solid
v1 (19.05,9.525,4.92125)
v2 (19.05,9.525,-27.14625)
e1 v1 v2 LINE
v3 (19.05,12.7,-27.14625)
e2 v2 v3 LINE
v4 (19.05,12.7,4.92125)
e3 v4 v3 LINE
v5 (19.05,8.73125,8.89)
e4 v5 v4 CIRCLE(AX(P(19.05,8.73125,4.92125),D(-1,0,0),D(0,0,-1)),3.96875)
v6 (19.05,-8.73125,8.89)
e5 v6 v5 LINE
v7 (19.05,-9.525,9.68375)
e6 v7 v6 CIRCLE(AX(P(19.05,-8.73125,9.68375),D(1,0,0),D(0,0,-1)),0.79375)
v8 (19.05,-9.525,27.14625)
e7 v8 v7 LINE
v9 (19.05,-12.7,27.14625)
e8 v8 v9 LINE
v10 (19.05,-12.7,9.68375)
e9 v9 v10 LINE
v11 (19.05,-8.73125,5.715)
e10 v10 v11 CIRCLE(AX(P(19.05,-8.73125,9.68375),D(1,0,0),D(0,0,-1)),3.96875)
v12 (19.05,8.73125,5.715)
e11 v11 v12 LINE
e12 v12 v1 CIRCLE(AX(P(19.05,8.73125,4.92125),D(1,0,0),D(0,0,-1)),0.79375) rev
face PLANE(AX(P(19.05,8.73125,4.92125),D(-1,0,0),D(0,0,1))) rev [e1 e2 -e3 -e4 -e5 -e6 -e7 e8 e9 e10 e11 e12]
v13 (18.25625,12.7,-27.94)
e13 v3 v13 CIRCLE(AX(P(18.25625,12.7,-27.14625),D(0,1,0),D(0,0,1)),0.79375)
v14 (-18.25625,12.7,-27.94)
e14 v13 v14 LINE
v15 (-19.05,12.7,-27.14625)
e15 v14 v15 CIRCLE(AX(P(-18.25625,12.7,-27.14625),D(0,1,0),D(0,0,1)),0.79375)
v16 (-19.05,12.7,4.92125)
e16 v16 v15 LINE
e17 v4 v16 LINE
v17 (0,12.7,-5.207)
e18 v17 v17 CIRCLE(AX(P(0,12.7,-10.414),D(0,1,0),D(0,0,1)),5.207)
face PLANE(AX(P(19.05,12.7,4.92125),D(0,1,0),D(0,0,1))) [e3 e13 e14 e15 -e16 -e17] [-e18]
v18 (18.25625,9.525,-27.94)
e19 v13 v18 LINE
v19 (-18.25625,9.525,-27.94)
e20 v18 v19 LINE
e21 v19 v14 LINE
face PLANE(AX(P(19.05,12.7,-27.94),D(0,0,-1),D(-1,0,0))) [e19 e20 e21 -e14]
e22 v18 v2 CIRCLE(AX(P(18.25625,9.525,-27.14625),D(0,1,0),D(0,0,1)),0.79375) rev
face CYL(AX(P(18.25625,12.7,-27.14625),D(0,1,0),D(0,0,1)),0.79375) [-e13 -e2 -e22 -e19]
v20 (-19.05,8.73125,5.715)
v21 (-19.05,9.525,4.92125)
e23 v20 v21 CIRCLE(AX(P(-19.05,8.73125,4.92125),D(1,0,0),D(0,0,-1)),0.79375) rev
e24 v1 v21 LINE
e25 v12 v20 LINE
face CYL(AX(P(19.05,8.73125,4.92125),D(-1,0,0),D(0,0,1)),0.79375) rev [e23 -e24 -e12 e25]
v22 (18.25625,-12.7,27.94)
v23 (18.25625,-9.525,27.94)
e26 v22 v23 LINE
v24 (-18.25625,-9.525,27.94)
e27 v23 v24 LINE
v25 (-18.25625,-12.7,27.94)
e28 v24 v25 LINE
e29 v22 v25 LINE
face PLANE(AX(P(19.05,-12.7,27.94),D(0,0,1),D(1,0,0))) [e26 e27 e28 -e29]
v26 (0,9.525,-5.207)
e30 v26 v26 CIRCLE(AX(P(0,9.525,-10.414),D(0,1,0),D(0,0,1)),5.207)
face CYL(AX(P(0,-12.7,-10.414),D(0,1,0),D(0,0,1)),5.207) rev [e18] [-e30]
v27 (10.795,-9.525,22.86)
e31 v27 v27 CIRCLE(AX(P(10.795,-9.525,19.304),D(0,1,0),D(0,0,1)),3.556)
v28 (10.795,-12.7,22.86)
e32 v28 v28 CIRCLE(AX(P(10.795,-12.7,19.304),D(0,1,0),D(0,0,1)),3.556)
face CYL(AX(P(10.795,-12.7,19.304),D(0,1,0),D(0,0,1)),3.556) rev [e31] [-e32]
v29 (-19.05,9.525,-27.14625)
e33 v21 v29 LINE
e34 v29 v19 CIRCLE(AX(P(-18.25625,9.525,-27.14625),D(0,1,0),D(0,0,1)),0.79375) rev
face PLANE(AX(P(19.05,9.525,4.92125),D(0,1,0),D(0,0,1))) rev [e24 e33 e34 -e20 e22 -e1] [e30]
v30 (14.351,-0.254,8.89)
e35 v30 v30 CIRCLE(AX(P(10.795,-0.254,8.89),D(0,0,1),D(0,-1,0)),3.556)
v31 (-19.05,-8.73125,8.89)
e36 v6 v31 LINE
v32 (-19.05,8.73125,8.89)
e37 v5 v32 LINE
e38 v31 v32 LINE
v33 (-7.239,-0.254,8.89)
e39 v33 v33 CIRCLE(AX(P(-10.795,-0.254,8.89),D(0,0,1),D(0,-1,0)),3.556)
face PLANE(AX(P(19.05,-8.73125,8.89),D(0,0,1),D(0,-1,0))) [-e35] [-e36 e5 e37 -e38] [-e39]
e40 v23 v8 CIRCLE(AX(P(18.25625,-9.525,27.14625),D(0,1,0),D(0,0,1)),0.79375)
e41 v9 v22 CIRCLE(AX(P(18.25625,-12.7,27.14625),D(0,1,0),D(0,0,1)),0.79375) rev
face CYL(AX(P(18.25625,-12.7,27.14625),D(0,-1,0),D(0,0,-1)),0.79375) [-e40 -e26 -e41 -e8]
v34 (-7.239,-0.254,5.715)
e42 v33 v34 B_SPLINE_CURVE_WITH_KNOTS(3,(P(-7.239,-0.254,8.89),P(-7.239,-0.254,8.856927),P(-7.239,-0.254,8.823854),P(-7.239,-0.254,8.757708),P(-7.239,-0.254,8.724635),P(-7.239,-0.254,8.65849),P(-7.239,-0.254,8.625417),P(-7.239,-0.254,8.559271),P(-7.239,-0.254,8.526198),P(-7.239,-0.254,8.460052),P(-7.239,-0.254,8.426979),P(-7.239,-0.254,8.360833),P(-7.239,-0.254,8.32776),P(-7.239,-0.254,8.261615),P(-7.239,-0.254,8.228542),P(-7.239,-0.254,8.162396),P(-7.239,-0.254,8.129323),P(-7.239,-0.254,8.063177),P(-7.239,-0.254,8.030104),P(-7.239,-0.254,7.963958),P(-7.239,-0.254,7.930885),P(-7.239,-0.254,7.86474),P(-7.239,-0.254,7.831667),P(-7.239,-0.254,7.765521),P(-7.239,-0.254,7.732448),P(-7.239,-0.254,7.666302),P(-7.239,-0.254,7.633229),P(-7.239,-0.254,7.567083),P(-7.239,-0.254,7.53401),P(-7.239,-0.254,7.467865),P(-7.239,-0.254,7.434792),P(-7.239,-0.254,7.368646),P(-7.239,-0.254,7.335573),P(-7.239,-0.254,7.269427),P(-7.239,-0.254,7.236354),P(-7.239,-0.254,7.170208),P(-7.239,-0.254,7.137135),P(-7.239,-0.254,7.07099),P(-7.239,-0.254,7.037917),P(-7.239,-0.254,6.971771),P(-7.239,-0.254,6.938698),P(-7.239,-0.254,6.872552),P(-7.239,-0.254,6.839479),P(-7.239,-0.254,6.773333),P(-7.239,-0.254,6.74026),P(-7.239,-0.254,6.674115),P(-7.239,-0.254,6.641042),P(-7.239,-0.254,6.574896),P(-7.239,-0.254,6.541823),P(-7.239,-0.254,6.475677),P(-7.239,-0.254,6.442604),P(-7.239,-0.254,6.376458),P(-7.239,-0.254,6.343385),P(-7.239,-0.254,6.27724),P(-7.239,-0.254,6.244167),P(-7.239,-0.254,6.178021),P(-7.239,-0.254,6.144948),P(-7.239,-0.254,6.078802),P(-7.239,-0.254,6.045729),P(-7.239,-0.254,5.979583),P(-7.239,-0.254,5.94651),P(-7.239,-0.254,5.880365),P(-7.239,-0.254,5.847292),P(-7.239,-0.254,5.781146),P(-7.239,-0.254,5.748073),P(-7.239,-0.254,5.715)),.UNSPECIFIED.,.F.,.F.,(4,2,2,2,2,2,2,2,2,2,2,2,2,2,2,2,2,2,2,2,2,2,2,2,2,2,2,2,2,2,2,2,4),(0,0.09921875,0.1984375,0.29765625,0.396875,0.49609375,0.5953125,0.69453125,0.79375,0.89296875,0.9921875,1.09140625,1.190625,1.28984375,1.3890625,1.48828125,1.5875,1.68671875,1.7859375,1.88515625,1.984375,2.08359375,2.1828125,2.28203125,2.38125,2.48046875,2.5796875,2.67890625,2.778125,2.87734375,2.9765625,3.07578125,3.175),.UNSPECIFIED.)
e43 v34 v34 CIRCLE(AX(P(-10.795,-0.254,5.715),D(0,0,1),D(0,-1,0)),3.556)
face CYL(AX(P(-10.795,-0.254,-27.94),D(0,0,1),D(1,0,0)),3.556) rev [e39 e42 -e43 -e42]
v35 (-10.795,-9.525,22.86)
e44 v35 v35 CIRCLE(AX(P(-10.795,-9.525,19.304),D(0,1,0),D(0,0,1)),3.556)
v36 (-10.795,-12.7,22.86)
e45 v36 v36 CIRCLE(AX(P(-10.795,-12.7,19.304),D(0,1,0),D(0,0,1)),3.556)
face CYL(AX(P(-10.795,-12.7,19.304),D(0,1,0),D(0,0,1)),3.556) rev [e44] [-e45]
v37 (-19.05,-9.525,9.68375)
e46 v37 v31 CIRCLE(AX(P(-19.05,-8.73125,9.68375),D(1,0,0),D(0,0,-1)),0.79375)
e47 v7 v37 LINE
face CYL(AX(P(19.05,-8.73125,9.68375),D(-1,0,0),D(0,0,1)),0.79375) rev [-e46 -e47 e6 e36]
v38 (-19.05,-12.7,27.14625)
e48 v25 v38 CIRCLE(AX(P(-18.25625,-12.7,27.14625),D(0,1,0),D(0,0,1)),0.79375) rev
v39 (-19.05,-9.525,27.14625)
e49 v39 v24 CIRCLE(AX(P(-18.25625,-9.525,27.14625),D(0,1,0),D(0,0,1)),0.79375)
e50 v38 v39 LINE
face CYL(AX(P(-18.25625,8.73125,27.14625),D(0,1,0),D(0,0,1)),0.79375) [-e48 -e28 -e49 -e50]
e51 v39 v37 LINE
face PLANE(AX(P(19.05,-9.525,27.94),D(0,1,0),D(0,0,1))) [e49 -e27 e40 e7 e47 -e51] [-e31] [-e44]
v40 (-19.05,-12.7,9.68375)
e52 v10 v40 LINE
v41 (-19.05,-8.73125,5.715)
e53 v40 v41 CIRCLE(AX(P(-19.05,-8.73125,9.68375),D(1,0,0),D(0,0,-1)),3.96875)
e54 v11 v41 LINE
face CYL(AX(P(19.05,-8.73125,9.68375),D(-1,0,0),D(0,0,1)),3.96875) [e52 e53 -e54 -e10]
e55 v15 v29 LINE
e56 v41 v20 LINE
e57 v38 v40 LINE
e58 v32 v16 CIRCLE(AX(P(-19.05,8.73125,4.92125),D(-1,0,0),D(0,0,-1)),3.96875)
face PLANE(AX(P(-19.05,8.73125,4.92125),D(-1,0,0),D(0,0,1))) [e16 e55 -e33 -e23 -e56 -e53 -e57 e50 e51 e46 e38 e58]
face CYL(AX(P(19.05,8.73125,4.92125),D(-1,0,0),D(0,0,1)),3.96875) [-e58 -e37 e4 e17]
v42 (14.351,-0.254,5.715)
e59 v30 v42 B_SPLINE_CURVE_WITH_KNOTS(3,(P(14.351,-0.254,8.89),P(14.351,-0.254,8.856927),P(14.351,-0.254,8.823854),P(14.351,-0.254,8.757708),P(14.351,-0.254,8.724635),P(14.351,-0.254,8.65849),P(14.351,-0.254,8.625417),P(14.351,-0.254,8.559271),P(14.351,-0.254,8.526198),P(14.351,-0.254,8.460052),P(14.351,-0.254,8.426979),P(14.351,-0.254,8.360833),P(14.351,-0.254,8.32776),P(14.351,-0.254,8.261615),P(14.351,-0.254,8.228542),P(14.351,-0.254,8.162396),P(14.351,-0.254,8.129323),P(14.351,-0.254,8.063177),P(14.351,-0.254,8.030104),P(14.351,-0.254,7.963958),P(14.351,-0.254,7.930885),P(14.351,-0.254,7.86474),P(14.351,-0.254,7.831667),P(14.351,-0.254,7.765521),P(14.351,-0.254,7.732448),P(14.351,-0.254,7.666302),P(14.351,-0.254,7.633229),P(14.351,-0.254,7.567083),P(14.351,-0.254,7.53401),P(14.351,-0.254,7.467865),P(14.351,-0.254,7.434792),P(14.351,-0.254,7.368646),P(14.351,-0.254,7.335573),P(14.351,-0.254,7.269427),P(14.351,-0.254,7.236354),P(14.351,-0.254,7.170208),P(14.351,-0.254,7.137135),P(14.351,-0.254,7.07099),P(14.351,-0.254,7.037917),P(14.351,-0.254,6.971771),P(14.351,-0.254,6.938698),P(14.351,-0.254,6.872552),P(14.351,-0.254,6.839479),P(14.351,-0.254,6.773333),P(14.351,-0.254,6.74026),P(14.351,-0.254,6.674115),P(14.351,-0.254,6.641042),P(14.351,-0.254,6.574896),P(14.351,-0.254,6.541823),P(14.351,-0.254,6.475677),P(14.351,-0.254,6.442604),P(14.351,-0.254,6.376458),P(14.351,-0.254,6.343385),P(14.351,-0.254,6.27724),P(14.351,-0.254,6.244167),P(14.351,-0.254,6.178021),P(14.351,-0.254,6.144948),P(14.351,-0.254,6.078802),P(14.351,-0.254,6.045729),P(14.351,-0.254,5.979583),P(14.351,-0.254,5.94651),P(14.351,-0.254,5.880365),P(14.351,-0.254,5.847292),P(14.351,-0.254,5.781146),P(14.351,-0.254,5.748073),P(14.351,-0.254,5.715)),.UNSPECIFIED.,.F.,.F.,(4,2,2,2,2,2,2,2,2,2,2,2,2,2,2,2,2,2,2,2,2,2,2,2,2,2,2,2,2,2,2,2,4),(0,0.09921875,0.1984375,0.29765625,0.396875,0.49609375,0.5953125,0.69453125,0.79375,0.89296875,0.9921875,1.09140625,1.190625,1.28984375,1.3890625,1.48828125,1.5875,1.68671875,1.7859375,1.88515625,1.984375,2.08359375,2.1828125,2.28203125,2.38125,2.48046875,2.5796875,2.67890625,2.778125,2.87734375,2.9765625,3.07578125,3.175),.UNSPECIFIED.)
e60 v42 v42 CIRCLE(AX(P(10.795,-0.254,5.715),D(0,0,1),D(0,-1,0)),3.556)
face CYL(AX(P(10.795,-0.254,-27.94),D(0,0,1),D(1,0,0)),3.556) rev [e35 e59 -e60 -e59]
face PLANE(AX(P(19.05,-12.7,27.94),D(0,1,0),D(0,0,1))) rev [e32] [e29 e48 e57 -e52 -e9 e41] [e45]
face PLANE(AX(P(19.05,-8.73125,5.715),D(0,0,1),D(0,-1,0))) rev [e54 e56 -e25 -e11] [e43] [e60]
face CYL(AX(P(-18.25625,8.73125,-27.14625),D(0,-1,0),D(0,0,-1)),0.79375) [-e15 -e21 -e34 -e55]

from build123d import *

# Parameters (mm, degrees)
EXTRUDE_THIN2_DEPTH     = 19.05
CUT_EXTRUDE1_DEPTH      = 37.122515139
CUT_EXTRUDE1_DEPTH_BACK = 37.122515139
SKETCH7_R               = 5.207
SKETCH7_R_2             = 3.556
CUT_EXTRUDE2_DEPTH      = 37.122515139
CUT_EXTRUDE2_DEPTH_BACK = 37.122515139
SKETCH8_R               = 3.556
FILLET1_R               = 0.79375


with BuildPart() as part:
    # Sketch5 → Extrude-Thin2 (new, symmetric)
    with BuildSketch(Plane(origin=(0, 0, 0), x_dir=(0, 0, -1), z_dir=(1, 0, 0))):
        with BuildLine():
            Line((-27.94, -9.525), (-9.68375, -9.525))
            ThreePointArc((-9.68375, -9.525), (-9.122483992, -9.292516008), (-8.89, -8.73125))
            Line((-8.89, -8.73125), (-8.89, 8.73125))
            ThreePointArc((-8.89, 8.73125), (-7.727580038, 11.537580038), (-4.92125, 12.7))
            Line((-4.92125, 12.7), (27.94, 12.7))
            Line((27.94, 12.7), (27.94, 9.525))
            Line((27.94, 9.525), (-4.92125, 9.525))
            ThreePointArc((-4.92125, 9.525), (-5.482516008, 9.292516008), (-5.715, 8.73125))
            Line((-5.715, 8.73125), (-5.715, -8.73125))
            ThreePointArc((-5.715, -8.73125), (-6.877419962, -11.537580038), (-9.68375, -12.7))
            Line((-9.68375, -12.7), (-27.94, -12.7))
            Line((-27.94, -12.7), (-27.94, -9.525))
        make_face()
    extrude(amount=EXTRUDE_THIN2_DEPTH, both=True)

    # Sketch7 → Cut-Extrude1 (cut, two sides: drawn at the far end of the back side and taken through both)
    with BuildSketch(Plane(origin=(0, 0, 0), x_dir=(1, 0, 0), z_dir=(0, 1, 0)).offset(-CUT_EXTRUDE1_DEPTH_BACK)):
        with Locations(Location((0, 10.414, 0), (0, 0, 270))):
            Circle(SKETCH7_R)
        with Locations(Location((10.795, -19.304, 0), (0, 0, 270))):
            Circle(SKETCH7_R_2)
        with Locations(Location((-10.795, -19.304, 0), (0, 0, 270))):
            Circle(SKETCH7_R_2)
    extrude(amount=CUT_EXTRUDE1_DEPTH + CUT_EXTRUDE1_DEPTH_BACK, mode=Mode.SUBTRACT)

    # Sketch8 → Cut-Extrude2 (cut, two sides: drawn at the far end of the back side and taken through both)
    with BuildSketch(Plane.XY.offset(-CUT_EXTRUDE2_DEPTH_BACK)):
        with Locations((10.795, -0.254)):
            Circle(SKETCH8_R)
        with Locations((-10.795, -0.254)):
            Circle(SKETCH8_R)
    extrude(amount=CUT_EXTRUDE2_DEPTH + CUT_EXTRUDE2_DEPTH_BACK, mode=Mode.SUBTRACT)

    # Fillet1
    fillet1_edges = [part.edges().sort_by_distance(p)[0] for p in [
        (-19.05, -11.1125, 27.94),
        (-19.05, 11.1125, -27.94),
        (19.05, -11.1125, 27.94),
        (19.05, 11.1125, -27.94),
    ]]
    fillet(fillet1_edges, radius=FILLET1_R)


solid = part.part
